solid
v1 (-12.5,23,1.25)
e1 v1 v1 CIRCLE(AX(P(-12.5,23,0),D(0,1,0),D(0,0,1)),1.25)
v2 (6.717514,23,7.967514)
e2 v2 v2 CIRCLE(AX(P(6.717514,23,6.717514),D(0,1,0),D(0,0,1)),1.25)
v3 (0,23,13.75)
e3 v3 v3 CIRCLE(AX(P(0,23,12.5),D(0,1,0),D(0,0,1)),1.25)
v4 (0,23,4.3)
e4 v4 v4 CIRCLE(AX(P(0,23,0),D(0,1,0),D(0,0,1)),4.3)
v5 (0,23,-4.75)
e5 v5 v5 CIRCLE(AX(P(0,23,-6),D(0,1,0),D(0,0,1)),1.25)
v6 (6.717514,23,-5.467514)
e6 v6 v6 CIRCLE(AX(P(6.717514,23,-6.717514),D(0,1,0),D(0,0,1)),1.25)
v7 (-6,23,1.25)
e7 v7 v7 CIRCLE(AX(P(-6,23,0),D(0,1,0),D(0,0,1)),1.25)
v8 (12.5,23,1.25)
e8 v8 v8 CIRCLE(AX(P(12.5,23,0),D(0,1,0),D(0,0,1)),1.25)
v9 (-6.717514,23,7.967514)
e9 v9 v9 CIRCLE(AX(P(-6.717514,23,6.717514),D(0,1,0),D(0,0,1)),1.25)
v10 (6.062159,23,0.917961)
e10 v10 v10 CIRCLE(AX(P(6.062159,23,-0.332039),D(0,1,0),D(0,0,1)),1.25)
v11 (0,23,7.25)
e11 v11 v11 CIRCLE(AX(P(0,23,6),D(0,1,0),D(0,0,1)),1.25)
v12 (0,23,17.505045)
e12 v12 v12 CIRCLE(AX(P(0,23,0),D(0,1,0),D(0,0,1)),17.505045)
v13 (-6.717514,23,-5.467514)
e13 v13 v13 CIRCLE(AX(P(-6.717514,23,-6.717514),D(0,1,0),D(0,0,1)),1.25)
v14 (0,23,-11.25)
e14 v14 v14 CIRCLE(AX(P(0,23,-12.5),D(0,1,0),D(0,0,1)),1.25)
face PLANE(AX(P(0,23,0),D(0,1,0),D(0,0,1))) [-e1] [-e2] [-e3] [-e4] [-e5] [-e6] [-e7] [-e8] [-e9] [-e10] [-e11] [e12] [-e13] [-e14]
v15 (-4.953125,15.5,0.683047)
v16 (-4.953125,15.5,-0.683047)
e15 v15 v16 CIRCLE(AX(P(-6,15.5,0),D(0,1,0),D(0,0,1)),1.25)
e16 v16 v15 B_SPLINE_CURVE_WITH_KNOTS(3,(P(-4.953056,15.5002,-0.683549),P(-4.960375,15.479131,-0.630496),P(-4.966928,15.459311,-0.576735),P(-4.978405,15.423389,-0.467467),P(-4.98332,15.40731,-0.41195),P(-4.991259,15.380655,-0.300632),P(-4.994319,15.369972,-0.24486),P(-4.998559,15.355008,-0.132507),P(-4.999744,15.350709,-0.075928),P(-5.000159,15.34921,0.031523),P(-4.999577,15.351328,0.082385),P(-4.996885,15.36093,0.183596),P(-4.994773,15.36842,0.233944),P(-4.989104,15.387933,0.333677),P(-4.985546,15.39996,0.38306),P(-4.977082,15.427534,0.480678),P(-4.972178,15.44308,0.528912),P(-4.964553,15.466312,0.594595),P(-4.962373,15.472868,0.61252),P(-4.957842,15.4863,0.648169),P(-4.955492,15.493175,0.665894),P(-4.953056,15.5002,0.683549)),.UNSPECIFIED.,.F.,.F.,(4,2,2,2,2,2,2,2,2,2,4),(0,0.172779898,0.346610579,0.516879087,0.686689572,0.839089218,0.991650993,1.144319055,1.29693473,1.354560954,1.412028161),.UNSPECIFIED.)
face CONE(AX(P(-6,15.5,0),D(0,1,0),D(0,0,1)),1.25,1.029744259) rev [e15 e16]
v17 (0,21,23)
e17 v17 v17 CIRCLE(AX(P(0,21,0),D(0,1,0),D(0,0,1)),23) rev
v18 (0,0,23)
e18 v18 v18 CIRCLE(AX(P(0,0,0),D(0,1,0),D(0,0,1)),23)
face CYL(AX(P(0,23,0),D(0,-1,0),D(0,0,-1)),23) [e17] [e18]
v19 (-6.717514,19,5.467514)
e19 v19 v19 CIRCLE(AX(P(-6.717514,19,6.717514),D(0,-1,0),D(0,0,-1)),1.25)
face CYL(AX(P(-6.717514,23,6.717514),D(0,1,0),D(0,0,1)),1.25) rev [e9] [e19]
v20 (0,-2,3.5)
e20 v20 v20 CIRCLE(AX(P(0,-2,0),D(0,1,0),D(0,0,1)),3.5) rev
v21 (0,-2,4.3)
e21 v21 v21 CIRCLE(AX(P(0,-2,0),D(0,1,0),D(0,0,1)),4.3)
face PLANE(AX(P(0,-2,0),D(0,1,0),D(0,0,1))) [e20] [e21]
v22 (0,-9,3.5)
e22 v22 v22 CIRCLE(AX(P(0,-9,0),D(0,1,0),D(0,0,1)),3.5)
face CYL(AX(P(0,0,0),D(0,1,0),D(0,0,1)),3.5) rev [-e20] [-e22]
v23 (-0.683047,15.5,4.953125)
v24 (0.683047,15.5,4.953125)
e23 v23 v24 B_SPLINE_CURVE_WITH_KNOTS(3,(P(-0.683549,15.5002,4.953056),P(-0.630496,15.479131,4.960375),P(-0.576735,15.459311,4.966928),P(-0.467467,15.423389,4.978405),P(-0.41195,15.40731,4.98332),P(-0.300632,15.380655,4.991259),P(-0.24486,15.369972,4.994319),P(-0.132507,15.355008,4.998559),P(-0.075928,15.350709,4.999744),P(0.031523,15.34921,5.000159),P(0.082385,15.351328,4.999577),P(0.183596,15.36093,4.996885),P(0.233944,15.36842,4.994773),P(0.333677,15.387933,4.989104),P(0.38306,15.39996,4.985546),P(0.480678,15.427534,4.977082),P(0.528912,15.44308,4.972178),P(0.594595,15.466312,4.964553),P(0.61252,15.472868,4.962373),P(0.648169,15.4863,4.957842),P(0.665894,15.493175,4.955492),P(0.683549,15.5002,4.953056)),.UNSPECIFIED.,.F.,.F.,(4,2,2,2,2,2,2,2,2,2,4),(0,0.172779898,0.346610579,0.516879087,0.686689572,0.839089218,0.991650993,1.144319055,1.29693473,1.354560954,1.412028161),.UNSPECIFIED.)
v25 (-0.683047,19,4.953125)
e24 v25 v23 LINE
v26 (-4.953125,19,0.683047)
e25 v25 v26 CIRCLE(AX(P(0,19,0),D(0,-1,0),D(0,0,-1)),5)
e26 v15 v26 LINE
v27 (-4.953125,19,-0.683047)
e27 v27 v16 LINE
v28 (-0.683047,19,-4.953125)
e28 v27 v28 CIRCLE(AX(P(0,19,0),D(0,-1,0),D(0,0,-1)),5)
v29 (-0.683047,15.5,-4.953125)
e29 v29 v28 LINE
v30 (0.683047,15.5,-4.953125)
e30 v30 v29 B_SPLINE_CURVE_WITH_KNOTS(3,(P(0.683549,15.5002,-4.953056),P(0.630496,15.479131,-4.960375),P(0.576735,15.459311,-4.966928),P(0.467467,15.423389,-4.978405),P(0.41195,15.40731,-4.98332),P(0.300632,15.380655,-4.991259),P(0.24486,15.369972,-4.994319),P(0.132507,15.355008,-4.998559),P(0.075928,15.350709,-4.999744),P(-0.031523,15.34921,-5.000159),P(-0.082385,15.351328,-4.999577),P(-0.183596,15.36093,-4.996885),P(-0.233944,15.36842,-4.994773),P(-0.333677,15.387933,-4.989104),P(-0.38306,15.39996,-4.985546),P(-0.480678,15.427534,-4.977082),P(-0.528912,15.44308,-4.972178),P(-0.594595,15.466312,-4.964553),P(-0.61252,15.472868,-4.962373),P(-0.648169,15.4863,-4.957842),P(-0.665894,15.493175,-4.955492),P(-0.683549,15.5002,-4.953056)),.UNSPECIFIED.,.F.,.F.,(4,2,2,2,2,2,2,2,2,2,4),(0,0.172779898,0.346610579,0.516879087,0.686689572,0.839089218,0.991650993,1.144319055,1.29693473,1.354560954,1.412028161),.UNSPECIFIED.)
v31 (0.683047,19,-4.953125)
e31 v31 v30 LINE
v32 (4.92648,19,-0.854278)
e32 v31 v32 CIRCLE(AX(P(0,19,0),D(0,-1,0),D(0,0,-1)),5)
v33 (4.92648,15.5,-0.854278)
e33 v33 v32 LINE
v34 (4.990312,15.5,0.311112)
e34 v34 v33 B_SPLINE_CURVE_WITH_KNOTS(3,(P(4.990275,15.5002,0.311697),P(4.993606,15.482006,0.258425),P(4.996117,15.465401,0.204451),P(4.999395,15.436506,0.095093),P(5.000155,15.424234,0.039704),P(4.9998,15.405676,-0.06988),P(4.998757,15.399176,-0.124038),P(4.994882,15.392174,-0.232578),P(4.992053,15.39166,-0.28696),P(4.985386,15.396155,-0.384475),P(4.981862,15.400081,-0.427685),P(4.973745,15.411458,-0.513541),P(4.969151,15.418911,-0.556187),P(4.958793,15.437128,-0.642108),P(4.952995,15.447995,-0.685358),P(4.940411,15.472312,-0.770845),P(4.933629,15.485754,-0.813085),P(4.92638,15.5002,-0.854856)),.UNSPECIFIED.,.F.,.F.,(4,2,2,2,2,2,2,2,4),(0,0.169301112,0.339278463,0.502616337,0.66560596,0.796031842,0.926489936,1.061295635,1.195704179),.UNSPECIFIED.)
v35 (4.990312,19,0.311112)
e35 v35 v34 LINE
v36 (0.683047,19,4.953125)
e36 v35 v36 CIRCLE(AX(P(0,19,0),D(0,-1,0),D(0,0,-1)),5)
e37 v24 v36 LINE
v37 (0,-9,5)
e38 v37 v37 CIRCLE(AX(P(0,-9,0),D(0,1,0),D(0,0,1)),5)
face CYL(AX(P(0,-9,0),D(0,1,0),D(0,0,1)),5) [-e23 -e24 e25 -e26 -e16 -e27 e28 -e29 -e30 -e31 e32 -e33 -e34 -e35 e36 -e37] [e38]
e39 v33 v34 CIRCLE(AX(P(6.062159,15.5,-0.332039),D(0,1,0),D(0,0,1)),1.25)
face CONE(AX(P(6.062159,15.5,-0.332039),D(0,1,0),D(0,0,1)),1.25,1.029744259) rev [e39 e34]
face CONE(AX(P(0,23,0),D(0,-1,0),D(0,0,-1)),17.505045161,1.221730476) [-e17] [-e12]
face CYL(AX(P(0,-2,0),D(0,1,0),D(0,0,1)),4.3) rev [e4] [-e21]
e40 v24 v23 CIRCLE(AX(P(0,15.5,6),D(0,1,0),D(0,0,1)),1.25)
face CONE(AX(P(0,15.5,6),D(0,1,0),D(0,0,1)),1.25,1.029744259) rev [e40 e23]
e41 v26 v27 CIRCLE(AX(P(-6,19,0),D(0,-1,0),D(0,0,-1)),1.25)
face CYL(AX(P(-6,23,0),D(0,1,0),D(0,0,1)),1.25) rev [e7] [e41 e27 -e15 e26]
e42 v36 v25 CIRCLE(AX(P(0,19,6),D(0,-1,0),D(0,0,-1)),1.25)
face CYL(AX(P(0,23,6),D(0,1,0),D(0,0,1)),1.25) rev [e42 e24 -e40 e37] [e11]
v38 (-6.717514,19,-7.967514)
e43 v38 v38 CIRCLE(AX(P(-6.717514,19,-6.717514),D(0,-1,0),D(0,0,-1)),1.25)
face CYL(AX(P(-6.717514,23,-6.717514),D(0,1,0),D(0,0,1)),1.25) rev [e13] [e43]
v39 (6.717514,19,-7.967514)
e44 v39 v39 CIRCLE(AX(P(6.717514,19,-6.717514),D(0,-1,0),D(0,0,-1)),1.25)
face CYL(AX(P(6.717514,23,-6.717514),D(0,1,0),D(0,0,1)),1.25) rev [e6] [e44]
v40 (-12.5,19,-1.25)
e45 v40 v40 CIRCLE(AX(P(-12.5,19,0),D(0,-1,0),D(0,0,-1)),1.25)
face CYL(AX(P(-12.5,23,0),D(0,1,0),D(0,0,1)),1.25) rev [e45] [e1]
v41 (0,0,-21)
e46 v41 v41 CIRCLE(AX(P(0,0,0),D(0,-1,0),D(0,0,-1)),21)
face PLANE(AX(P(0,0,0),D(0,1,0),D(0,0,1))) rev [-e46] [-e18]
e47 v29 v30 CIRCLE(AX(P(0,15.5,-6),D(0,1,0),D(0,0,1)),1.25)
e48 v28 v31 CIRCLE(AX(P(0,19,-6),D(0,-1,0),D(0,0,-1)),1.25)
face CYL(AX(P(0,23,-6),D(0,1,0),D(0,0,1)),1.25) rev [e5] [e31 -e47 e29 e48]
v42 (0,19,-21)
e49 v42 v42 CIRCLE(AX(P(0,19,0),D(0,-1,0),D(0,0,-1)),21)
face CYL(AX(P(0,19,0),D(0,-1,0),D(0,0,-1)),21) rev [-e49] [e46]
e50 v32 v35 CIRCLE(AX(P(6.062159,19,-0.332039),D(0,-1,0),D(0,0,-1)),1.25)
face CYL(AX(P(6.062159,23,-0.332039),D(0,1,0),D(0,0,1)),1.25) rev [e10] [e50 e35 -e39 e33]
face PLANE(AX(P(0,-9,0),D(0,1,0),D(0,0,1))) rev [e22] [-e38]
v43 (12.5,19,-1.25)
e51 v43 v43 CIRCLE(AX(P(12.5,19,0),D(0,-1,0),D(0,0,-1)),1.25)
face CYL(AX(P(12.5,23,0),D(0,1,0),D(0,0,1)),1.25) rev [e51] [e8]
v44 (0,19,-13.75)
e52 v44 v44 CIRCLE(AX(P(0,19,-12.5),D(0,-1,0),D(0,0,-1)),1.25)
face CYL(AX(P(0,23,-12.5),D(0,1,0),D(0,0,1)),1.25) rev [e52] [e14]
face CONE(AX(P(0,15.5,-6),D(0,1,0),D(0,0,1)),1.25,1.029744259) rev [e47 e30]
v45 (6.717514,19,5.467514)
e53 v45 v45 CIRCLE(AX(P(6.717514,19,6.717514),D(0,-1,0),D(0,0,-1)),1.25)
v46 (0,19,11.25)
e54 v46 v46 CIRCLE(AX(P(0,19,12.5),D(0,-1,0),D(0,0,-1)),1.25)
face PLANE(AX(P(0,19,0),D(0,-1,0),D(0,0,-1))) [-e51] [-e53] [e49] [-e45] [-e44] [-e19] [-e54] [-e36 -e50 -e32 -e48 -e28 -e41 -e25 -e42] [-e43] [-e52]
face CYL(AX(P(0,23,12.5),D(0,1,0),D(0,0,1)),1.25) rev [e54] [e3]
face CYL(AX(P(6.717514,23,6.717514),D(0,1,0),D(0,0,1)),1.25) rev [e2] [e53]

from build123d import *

# Parameters (mm, degrees)
SKETCH_1_R          = 23
EXTRUDE_1_DEPTH     = 23
CHAMFER_1_SIZE      = 2
CHAMFER_1_SIZE2     = 5.494954839
SKETCH_2_R          = 3.5
CUT_EXTRUDE_1_DEPTH = 40.837168574
SKETCH_2_3_R        = 5
SKETCH_2_3_R_2      = 3.5
EXTRUDE_2_DEPTH     = 32
CUT_EXTRUDE_START   = -19
SKETCH_4_R          = 21
SKETCH_4_R_2        = 5
CUT_EXTRUDE_2_DEPTH = 19
M3X0_51_D           = 2.5
M3X0_52_D           = 2.5
M3X0_52_DEPTH       = 7.5
M3X0_52_TIP         = 0.751075774
M3X0_53_D           = 2.5
SKETCH_12_R         = 4.3
CUT_EXTRUDE_3_DEPTH = 25


with BuildPart() as part:
    # Эскиз1 → Бобышка-Вытянуть1 (new body)
    with BuildSketch(Plane(origin=(0, 0, 0), x_dir=(1, 0, 0), z_dir=(0, 1, 0))):
        Circle(SKETCH_1_R)
    extrude(amount=EXTRUDE_1_DEPTH)

    # Фаска1
    chamfer_1_edges = [part.edges().sort_by_distance(p)[0] for p in [
        (-23, 23, 0),
    ]]
    chamfer_1_side = [part.faces().sort_by_distance(p)[0] for p in [
        (-23, 11.5, 0),
    ]]
    chamfer(chamfer_1_edges, length=CHAMFER_1_SIZE, length2=CHAMFER_1_SIZE2, reference=chamfer_1_side[0])

    # Эскиз2 → Вырез-Вытянуть1 (cut, through all)
    with BuildSketch(Plane(origin=(0, 23, 0), x_dir=(1, 0, 0), z_dir=(0, 1, 0))):
        Circle(SKETCH_2_R)
    extrude(amount=-CUT_EXTRUDE_1_DEPTH, mode=Mode.SUBTRACT)

    # Эскиз2<3> → Бобышка-Вытянуть2 (add)
    with BuildSketch(Plane(origin=(0, 23, 0), x_dir=(1, 0, 0), z_dir=(0, 1, 0))):
        Circle(SKETCH_2_3_R)
        Circle(SKETCH_2_3_R_2, mode=Mode.SUBTRACT)
    extrude(amount=-EXTRUDE_2_DEPTH)

    # Эскиз4 → Вырез-Вытянуть2 (cut)
    with BuildSketch(Plane.XZ.offset(CUT_EXTRUDE_START)):
        Circle(SKETCH_4_R)
        Circle(SKETCH_4_R_2, mode=Mode.SUBTRACT)
    extrude(amount=CUT_EXTRUDE_2_DEPTH, mode=Mode.SUBTRACT)

    # Отверстие обработанное метчиком M3x0.51 (through all)
    with Locations(Plane(origin=(0, 23, 0), x_dir=(1, 0, 0), z_dir=(0, 1, 0))):
        with Locations((0, 12.5), (12.5, 0), (0, -12.5), (-12.5, 0)):
            Hole(M3X0_51_D / 2)

    # Отверстие обработанное метчиком M3x0.52
    with Locations(Plane(origin=(0, 23, 0), x_dir=(1, 0, 0), z_dir=(0, 1, 0))):
        with Locations((6.062159206, 0.332038968), (0, 6), (-6, 0), (0, -6)):
            Hole(M3X0_52_D / 2, depth=M3X0_52_DEPTH)
            with Locations((0, 0, -(M3X0_52_DEPTH + M3X0_52_TIP / 2))):  # 118° drill point
                Cone(0, M3X0_52_D / 2, M3X0_52_TIP, mode=Mode.SUBTRACT)

    # Отверстие обработанное метчиком M3x0.53 (through all)
    with Locations(Plane(origin=(0, 23, 0), x_dir=(1, 0, 0), z_dir=(0, 1, 0))):
        with Locations((-6.717514421, 6.717514421), (6.717514421, 6.717514421), (6.717514421, -6.717514421), (-6.717514421, -6.717514421)):
            Hole(M3X0_53_D / 2)

    # Эскиз12 → Вырез-Вытянуть3 (cut)
    with BuildSketch(Plane(origin=(0, 23, 0), x_dir=(1, 0, 0), z_dir=(0, 1, 0))):
        Circle(SKETCH_12_R)
    extrude(amount=-CUT_EXTRUDE_3_DEPTH, mode=Mode.SUBTRACT)


solid = part.part
